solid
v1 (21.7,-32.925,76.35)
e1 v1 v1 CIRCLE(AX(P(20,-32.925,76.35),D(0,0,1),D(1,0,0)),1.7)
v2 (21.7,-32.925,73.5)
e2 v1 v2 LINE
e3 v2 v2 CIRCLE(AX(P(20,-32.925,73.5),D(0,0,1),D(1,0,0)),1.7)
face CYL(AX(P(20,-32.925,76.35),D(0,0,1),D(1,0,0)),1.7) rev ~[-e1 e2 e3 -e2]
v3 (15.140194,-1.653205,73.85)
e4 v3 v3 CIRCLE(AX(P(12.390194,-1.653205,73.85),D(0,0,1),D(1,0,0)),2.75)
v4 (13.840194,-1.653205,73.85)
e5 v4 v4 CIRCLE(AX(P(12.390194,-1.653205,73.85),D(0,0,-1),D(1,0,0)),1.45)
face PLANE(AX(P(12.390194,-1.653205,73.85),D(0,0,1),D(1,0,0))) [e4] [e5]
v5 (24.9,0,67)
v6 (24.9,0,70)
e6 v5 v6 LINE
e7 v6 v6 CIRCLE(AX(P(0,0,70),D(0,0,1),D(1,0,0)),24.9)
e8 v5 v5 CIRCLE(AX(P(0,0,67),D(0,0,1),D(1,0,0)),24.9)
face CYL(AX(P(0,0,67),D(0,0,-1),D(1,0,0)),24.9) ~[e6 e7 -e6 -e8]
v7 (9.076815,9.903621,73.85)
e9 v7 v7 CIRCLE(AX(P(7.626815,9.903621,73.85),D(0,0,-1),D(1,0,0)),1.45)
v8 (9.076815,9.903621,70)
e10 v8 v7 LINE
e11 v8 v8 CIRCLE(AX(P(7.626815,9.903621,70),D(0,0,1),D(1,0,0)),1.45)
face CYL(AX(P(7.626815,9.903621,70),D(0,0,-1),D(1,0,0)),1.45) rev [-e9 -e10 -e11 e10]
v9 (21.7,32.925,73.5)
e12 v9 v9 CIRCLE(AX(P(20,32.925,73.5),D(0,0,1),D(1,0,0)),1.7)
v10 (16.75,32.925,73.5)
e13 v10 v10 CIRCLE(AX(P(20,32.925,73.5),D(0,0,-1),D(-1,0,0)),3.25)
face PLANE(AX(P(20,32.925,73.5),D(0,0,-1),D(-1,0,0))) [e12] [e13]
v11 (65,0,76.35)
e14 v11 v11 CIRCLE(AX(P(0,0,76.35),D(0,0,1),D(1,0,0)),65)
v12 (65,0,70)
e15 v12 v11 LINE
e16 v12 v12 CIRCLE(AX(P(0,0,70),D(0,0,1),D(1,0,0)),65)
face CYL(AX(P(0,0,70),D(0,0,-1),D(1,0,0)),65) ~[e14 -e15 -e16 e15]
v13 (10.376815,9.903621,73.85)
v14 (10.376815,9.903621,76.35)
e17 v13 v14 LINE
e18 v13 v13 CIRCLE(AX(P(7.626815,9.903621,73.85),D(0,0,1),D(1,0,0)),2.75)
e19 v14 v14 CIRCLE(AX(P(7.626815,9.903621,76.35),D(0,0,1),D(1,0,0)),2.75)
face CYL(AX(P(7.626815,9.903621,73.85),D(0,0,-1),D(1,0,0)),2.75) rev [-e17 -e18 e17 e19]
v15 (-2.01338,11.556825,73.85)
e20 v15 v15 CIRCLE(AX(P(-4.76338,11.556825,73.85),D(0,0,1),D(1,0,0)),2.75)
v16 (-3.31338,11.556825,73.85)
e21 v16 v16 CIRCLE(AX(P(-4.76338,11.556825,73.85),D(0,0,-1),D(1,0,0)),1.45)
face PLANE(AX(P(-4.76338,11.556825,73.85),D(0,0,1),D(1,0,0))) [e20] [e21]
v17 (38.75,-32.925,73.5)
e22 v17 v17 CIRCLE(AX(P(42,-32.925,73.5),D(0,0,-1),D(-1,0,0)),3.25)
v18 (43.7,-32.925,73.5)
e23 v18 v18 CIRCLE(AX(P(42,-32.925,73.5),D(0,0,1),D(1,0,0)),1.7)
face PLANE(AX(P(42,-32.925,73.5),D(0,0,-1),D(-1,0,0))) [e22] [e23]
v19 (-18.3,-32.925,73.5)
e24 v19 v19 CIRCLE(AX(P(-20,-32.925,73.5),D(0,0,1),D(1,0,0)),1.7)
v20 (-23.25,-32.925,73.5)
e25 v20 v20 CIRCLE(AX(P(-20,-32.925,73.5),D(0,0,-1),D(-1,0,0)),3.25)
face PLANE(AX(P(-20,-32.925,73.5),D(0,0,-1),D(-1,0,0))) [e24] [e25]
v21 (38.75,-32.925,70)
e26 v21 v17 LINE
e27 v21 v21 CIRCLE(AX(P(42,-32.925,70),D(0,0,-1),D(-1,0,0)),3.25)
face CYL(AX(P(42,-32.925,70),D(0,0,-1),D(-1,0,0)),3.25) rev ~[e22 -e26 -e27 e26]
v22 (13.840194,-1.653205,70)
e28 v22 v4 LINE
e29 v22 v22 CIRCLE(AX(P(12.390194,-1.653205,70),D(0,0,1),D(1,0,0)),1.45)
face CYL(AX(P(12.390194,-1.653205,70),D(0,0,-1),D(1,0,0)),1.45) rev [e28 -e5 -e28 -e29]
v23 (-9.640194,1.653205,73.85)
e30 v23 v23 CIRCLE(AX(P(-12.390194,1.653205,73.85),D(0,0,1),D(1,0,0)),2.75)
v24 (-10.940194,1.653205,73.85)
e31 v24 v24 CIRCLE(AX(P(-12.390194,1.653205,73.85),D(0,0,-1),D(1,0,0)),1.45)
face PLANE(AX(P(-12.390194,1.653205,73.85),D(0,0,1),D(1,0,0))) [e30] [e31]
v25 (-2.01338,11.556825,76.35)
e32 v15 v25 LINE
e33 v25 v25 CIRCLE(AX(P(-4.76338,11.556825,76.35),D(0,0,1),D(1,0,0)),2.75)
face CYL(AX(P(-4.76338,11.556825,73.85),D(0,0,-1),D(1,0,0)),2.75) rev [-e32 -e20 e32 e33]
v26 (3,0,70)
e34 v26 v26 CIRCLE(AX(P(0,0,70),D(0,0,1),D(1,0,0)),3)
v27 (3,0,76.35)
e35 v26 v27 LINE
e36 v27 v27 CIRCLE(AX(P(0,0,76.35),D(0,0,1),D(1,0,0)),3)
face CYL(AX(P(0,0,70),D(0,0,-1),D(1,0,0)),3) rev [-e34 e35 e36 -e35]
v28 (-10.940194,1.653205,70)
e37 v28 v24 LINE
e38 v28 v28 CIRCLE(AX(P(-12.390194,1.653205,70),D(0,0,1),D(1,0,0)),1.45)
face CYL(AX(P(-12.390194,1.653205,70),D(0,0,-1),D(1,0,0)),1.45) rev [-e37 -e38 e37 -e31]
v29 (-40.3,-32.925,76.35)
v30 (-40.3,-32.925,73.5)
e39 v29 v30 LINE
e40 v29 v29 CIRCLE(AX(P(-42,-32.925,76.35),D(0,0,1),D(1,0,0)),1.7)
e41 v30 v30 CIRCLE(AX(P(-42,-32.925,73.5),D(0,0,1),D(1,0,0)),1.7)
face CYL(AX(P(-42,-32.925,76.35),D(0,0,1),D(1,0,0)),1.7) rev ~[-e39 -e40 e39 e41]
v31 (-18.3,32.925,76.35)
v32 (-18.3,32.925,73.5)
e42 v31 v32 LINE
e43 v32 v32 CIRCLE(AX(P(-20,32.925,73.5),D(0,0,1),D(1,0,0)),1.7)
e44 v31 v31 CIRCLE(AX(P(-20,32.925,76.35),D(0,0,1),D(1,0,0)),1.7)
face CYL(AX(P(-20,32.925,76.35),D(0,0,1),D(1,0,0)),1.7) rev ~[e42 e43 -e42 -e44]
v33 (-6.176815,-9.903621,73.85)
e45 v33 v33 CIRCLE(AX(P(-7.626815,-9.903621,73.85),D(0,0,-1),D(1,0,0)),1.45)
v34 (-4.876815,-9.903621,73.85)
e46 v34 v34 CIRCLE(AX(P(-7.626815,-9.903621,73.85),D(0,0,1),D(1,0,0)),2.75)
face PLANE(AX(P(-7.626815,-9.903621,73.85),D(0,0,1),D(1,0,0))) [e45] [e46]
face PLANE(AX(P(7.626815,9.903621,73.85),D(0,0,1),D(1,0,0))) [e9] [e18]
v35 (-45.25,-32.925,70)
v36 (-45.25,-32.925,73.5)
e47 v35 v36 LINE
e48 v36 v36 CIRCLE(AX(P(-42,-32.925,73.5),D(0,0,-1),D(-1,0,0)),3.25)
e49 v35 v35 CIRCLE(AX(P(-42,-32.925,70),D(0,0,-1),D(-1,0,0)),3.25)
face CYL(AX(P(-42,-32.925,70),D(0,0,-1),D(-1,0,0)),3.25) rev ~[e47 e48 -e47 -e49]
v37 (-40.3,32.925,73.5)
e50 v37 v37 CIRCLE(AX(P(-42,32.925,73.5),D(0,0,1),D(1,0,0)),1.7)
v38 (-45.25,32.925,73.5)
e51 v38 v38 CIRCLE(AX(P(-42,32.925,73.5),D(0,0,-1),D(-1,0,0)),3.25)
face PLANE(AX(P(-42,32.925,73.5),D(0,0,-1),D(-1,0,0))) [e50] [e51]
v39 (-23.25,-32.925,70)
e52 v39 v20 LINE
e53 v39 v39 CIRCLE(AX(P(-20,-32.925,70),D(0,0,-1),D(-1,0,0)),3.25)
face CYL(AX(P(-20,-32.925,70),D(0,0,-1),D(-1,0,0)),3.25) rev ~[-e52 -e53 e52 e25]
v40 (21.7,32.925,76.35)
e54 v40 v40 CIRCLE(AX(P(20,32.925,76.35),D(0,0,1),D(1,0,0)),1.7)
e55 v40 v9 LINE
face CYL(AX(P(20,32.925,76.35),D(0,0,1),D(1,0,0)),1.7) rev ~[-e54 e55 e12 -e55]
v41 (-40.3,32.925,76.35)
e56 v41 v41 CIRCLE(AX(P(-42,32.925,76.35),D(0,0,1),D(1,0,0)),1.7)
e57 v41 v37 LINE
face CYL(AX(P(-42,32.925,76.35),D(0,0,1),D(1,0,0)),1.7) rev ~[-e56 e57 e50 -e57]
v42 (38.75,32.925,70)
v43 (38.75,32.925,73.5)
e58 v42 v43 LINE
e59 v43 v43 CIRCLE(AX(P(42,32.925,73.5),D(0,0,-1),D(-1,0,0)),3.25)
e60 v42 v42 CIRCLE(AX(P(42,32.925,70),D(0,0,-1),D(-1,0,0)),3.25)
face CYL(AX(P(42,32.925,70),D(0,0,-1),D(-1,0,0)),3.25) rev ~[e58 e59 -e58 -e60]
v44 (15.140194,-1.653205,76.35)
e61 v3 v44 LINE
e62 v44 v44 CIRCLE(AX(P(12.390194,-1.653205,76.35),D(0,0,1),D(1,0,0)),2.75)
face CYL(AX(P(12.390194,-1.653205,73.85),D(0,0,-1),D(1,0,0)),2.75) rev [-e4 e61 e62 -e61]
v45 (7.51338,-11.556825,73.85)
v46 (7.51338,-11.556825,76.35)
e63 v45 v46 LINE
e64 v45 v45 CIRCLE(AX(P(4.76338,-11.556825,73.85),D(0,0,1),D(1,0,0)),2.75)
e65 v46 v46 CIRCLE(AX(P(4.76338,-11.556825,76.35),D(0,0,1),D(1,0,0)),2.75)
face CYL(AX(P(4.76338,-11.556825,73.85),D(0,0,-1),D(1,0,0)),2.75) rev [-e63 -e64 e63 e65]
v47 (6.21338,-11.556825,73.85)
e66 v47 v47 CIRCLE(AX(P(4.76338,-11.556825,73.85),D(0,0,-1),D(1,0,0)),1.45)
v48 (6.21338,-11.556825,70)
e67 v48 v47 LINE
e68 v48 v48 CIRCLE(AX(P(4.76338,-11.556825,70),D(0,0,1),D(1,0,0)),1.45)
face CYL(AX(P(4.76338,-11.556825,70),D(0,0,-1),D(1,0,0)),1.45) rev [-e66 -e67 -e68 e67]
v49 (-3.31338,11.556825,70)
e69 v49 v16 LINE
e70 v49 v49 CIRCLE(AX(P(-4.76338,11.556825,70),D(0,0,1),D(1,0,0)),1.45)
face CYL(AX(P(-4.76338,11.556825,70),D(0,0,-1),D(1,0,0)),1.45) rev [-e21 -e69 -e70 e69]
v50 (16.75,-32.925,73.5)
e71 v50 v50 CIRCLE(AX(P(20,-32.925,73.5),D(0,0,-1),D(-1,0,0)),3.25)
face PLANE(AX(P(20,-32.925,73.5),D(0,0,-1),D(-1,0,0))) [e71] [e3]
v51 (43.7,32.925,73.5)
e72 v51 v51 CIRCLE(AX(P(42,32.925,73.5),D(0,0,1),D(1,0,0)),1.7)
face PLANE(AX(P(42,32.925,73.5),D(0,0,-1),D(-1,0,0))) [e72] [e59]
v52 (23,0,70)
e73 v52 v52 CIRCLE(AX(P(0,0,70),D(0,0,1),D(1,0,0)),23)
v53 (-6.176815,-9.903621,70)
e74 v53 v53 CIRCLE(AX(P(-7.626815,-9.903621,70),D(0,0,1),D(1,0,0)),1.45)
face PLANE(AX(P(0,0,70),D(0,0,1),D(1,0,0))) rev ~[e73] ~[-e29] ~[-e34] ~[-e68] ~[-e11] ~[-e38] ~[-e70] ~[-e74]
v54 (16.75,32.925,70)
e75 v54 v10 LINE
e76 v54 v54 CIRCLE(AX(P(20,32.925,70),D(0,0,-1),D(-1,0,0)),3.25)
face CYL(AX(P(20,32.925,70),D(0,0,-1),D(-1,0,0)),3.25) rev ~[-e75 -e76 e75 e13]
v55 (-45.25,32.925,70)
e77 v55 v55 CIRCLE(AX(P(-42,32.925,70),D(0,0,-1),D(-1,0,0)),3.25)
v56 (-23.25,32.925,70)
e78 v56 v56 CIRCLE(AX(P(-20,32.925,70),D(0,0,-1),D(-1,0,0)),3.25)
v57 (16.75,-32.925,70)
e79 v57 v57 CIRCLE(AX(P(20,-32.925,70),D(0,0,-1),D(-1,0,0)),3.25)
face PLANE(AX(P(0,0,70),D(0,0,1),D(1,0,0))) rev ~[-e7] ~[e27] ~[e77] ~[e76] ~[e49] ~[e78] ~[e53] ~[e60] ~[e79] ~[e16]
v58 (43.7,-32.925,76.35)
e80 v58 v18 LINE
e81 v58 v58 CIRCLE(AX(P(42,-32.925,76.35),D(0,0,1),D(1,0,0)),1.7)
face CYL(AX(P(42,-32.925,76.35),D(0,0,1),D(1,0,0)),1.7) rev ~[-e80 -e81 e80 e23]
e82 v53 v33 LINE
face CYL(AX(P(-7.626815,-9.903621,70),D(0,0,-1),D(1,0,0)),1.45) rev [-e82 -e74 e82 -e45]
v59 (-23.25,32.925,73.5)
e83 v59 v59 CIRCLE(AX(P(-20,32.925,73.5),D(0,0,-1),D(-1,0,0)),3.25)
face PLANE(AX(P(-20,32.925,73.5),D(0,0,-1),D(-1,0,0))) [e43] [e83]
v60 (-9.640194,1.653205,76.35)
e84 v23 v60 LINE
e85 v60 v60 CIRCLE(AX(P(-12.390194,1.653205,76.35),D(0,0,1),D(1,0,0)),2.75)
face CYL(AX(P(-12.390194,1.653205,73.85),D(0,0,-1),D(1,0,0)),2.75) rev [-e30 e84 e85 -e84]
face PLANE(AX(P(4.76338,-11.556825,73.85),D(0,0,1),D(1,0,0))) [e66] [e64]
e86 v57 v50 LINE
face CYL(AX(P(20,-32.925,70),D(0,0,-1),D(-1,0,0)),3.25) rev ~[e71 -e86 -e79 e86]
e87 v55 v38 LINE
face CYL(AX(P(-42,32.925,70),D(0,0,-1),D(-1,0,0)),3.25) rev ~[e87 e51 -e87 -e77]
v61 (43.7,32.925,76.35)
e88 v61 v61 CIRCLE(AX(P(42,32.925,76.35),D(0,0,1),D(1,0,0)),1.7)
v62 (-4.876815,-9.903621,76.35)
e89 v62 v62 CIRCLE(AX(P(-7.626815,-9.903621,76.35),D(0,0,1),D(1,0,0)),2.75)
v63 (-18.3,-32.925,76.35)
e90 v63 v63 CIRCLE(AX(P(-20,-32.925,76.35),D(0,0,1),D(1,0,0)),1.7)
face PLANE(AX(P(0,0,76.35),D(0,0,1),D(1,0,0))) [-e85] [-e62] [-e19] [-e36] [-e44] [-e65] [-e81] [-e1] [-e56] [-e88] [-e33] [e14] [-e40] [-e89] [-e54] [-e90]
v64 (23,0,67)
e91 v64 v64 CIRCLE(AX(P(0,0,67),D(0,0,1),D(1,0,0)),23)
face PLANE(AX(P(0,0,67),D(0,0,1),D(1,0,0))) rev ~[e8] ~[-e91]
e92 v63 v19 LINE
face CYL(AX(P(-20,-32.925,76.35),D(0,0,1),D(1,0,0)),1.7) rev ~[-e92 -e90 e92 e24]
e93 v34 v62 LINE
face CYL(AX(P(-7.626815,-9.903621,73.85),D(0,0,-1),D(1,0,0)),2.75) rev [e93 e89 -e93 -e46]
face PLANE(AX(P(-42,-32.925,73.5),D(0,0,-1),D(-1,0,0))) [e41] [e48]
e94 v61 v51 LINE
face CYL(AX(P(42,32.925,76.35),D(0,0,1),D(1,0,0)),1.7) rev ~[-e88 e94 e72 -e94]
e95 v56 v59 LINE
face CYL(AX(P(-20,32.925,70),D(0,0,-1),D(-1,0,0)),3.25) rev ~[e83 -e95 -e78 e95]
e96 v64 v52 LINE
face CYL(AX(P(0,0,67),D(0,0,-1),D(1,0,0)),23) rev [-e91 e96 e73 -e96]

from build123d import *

# Parameters (mm, degrees)
DISCO_START                         = 70
SK_DISCO_R                          = 65
DISCO_DEPTH                         = 6.35
CENTRADOR_ARANDELA_EJE_51110_START  = 67
SK_CENTRADOR_ARANDELA_EJE_51110_R   = 24.9
SK_CENTRADOR_ARANDELA_EJE_51110_R_2 = 23
CENTRADOR_ARANDELA_EJE_51110_DEPTH  = 3
PASANTES_M2_5_ROTOR_J1_START        = 70
SK_PASANTES_M2_5_ROTOR_J1_R         = 1.45
PASANTES_M2_5_ROTOR_J1_DEPTH        = 6.35
CAJAS_M2_5_START                    = 73.85
SK_CAJAS_M2_5_R                     = 2.75
CAJAS_M2_5_DEPTH                    = 2.5
PASO_CABLE_START                    = 70
SK_PASO_CABLE_R                     = 3
PASO_CABLE_DEPTH                    = 6.35
SK_PASANTES_M3_PAREDES_R            = 1.7
PASANTES_M3_PAREDES_DEPTH           = 93.398173683
SK_CAJAS_M3_PAREDES_R               = 3.25
CAJAS_M3_PAREDES_DEPTH              = 3.5


with BuildPart() as part:
    # Sk_Disco → Disco (new body)
    with BuildSketch(Plane.XY.offset(DISCO_START)):
        Circle(SK_DISCO_R)
    extrude(amount=DISCO_DEPTH)

    # Sk_Centrador_arandela_eje_51110 → Centrador_arandela_eje_51110 (add)
    with BuildSketch(Plane.XY.offset(CENTRADOR_ARANDELA_EJE_51110_START)):
        Circle(SK_CENTRADOR_ARANDELA_EJE_51110_R)
        Circle(SK_CENTRADOR_ARANDELA_EJE_51110_R_2, mode=Mode.SUBTRACT)
    extrude(amount=CENTRADOR_ARANDELA_EJE_51110_DEPTH)

    # Sk_Pasantes_M2-5_rotor_J1 → Pasantes_M2-5_rotor_J1 (cut)
    with BuildSketch(Plane.XY.offset(PASANTES_M2_5_ROTOR_J1_START)):
        with Locations((12.390194253, -1.653204878)):
            Circle(SK_PASANTES_M2_5_ROTOR_J1_R)
        with Locations((7.626814549, 9.903620542)):
            Circle(SK_PASANTES_M2_5_ROTOR_J1_R)
        with Locations((-4.763379704, 11.55682542)):
            Circle(SK_PASANTES_M2_5_ROTOR_J1_R)
        with Locations((-12.390194253, 1.653204878)):
            Circle(SK_PASANTES_M2_5_ROTOR_J1_R)
        with Locations((-7.626814549, -9.903620542)):
            Circle(SK_PASANTES_M2_5_ROTOR_J1_R)
        with Locations((4.763379704, -11.55682542)):
            Circle(SK_PASANTES_M2_5_ROTOR_J1_R)
    extrude(amount=PASANTES_M2_5_ROTOR_J1_DEPTH, mode=Mode.SUBTRACT)

    # Sk_Cajas_M2-5 → Cajas_M2-5 (cut)
    with BuildSketch(Plane.XY.offset(CAJAS_M2_5_START)):
        with Locations((12.390194253, -1.653204878)):
            Circle(SK_CAJAS_M2_5_R)
        with Locations((7.626814549, 9.903620542)):
            Circle(SK_CAJAS_M2_5_R)
        with Locations((-4.763379704, 11.55682542)):
            Circle(SK_CAJAS_M2_5_R)
        with Locations((-12.390194253, 1.653204878)):
            Circle(SK_CAJAS_M2_5_R)
        with Locations((-7.626814549, -9.903620542)):
            Circle(SK_CAJAS_M2_5_R)
        with Locations((4.763379704, -11.55682542)):
            Circle(SK_CAJAS_M2_5_R)
    extrude(amount=CAJAS_M2_5_DEPTH, mode=Mode.SUBTRACT)

    # Sk_Paso_cable → Paso_cable (cut)
    with BuildSketch(Plane.XY.offset(PASO_CABLE_START)):
        Circle(SK_PASO_CABLE_R)
    extrude(amount=PASO_CABLE_DEPTH, mode=Mode.SUBTRACT)

    # Sk_Pasantes_M3_paredes → Pasantes_M3_paredes (cut, through all)
    with BuildSketch(Plane.XY.offset(76.35)):
        with Locations((-42, -32.925)):
            Circle(SK_PASANTES_M3_PAREDES_R)
        with Locations((-20, -32.925)):
            Circle(SK_PASANTES_M3_PAREDES_R)
        with Locations((20, -32.925)):
            Circle(SK_PASANTES_M3_PAREDES_R)
        with Locations((42, -32.925)):
            Circle(SK_PASANTES_M3_PAREDES_R)
        with Locations((-42, 32.925)):
            Circle(SK_PASANTES_M3_PAREDES_R)
        with Locations((-20, 32.925)):
            Circle(SK_PASANTES_M3_PAREDES_R)
        with Locations((20, 32.925)):
            Circle(SK_PASANTES_M3_PAREDES_R)
        with Locations((42, 32.925)):
            Circle(SK_PASANTES_M3_PAREDES_R)
    extrude(amount=-PASANTES_M3_PAREDES_DEPTH, mode=Mode.SUBTRACT)

    # Sk_Cajas_M3_paredes → Cajas_M3_paredes (cut)
    with BuildSketch(Plane(origin=(0, 0, 70), x_dir=(-1, 0, 0), z_dir=(0, 0, -1))):
        with Locations((42, -32.925)):
            Circle(SK_CAJAS_M3_PAREDES_R)
        with Locations((20, -32.925)):
            Circle(SK_CAJAS_M3_PAREDES_R)
        with Locations((-20, -32.925)):
            Circle(SK_CAJAS_M3_PAREDES_R)
        with Locations((-42, -32.925)):
            Circle(SK_CAJAS_M3_PAREDES_R)
        with Locations((42, 32.925)):
            Circle(SK_CAJAS_M3_PAREDES_R)
        with Locations((20, 32.925)):
            Circle(SK_CAJAS_M3_PAREDES_R)
        with Locations((-20, 32.925)):
            Circle(SK_CAJAS_M3_PAREDES_R)
        with Locations((-42, 32.925)):
            Circle(SK_CAJAS_M3_PAREDES_R)
    extrude(amount=-CAJAS_M3_PAREDES_DEPTH, mode=Mode.SUBTRACT)


solid = part.part
